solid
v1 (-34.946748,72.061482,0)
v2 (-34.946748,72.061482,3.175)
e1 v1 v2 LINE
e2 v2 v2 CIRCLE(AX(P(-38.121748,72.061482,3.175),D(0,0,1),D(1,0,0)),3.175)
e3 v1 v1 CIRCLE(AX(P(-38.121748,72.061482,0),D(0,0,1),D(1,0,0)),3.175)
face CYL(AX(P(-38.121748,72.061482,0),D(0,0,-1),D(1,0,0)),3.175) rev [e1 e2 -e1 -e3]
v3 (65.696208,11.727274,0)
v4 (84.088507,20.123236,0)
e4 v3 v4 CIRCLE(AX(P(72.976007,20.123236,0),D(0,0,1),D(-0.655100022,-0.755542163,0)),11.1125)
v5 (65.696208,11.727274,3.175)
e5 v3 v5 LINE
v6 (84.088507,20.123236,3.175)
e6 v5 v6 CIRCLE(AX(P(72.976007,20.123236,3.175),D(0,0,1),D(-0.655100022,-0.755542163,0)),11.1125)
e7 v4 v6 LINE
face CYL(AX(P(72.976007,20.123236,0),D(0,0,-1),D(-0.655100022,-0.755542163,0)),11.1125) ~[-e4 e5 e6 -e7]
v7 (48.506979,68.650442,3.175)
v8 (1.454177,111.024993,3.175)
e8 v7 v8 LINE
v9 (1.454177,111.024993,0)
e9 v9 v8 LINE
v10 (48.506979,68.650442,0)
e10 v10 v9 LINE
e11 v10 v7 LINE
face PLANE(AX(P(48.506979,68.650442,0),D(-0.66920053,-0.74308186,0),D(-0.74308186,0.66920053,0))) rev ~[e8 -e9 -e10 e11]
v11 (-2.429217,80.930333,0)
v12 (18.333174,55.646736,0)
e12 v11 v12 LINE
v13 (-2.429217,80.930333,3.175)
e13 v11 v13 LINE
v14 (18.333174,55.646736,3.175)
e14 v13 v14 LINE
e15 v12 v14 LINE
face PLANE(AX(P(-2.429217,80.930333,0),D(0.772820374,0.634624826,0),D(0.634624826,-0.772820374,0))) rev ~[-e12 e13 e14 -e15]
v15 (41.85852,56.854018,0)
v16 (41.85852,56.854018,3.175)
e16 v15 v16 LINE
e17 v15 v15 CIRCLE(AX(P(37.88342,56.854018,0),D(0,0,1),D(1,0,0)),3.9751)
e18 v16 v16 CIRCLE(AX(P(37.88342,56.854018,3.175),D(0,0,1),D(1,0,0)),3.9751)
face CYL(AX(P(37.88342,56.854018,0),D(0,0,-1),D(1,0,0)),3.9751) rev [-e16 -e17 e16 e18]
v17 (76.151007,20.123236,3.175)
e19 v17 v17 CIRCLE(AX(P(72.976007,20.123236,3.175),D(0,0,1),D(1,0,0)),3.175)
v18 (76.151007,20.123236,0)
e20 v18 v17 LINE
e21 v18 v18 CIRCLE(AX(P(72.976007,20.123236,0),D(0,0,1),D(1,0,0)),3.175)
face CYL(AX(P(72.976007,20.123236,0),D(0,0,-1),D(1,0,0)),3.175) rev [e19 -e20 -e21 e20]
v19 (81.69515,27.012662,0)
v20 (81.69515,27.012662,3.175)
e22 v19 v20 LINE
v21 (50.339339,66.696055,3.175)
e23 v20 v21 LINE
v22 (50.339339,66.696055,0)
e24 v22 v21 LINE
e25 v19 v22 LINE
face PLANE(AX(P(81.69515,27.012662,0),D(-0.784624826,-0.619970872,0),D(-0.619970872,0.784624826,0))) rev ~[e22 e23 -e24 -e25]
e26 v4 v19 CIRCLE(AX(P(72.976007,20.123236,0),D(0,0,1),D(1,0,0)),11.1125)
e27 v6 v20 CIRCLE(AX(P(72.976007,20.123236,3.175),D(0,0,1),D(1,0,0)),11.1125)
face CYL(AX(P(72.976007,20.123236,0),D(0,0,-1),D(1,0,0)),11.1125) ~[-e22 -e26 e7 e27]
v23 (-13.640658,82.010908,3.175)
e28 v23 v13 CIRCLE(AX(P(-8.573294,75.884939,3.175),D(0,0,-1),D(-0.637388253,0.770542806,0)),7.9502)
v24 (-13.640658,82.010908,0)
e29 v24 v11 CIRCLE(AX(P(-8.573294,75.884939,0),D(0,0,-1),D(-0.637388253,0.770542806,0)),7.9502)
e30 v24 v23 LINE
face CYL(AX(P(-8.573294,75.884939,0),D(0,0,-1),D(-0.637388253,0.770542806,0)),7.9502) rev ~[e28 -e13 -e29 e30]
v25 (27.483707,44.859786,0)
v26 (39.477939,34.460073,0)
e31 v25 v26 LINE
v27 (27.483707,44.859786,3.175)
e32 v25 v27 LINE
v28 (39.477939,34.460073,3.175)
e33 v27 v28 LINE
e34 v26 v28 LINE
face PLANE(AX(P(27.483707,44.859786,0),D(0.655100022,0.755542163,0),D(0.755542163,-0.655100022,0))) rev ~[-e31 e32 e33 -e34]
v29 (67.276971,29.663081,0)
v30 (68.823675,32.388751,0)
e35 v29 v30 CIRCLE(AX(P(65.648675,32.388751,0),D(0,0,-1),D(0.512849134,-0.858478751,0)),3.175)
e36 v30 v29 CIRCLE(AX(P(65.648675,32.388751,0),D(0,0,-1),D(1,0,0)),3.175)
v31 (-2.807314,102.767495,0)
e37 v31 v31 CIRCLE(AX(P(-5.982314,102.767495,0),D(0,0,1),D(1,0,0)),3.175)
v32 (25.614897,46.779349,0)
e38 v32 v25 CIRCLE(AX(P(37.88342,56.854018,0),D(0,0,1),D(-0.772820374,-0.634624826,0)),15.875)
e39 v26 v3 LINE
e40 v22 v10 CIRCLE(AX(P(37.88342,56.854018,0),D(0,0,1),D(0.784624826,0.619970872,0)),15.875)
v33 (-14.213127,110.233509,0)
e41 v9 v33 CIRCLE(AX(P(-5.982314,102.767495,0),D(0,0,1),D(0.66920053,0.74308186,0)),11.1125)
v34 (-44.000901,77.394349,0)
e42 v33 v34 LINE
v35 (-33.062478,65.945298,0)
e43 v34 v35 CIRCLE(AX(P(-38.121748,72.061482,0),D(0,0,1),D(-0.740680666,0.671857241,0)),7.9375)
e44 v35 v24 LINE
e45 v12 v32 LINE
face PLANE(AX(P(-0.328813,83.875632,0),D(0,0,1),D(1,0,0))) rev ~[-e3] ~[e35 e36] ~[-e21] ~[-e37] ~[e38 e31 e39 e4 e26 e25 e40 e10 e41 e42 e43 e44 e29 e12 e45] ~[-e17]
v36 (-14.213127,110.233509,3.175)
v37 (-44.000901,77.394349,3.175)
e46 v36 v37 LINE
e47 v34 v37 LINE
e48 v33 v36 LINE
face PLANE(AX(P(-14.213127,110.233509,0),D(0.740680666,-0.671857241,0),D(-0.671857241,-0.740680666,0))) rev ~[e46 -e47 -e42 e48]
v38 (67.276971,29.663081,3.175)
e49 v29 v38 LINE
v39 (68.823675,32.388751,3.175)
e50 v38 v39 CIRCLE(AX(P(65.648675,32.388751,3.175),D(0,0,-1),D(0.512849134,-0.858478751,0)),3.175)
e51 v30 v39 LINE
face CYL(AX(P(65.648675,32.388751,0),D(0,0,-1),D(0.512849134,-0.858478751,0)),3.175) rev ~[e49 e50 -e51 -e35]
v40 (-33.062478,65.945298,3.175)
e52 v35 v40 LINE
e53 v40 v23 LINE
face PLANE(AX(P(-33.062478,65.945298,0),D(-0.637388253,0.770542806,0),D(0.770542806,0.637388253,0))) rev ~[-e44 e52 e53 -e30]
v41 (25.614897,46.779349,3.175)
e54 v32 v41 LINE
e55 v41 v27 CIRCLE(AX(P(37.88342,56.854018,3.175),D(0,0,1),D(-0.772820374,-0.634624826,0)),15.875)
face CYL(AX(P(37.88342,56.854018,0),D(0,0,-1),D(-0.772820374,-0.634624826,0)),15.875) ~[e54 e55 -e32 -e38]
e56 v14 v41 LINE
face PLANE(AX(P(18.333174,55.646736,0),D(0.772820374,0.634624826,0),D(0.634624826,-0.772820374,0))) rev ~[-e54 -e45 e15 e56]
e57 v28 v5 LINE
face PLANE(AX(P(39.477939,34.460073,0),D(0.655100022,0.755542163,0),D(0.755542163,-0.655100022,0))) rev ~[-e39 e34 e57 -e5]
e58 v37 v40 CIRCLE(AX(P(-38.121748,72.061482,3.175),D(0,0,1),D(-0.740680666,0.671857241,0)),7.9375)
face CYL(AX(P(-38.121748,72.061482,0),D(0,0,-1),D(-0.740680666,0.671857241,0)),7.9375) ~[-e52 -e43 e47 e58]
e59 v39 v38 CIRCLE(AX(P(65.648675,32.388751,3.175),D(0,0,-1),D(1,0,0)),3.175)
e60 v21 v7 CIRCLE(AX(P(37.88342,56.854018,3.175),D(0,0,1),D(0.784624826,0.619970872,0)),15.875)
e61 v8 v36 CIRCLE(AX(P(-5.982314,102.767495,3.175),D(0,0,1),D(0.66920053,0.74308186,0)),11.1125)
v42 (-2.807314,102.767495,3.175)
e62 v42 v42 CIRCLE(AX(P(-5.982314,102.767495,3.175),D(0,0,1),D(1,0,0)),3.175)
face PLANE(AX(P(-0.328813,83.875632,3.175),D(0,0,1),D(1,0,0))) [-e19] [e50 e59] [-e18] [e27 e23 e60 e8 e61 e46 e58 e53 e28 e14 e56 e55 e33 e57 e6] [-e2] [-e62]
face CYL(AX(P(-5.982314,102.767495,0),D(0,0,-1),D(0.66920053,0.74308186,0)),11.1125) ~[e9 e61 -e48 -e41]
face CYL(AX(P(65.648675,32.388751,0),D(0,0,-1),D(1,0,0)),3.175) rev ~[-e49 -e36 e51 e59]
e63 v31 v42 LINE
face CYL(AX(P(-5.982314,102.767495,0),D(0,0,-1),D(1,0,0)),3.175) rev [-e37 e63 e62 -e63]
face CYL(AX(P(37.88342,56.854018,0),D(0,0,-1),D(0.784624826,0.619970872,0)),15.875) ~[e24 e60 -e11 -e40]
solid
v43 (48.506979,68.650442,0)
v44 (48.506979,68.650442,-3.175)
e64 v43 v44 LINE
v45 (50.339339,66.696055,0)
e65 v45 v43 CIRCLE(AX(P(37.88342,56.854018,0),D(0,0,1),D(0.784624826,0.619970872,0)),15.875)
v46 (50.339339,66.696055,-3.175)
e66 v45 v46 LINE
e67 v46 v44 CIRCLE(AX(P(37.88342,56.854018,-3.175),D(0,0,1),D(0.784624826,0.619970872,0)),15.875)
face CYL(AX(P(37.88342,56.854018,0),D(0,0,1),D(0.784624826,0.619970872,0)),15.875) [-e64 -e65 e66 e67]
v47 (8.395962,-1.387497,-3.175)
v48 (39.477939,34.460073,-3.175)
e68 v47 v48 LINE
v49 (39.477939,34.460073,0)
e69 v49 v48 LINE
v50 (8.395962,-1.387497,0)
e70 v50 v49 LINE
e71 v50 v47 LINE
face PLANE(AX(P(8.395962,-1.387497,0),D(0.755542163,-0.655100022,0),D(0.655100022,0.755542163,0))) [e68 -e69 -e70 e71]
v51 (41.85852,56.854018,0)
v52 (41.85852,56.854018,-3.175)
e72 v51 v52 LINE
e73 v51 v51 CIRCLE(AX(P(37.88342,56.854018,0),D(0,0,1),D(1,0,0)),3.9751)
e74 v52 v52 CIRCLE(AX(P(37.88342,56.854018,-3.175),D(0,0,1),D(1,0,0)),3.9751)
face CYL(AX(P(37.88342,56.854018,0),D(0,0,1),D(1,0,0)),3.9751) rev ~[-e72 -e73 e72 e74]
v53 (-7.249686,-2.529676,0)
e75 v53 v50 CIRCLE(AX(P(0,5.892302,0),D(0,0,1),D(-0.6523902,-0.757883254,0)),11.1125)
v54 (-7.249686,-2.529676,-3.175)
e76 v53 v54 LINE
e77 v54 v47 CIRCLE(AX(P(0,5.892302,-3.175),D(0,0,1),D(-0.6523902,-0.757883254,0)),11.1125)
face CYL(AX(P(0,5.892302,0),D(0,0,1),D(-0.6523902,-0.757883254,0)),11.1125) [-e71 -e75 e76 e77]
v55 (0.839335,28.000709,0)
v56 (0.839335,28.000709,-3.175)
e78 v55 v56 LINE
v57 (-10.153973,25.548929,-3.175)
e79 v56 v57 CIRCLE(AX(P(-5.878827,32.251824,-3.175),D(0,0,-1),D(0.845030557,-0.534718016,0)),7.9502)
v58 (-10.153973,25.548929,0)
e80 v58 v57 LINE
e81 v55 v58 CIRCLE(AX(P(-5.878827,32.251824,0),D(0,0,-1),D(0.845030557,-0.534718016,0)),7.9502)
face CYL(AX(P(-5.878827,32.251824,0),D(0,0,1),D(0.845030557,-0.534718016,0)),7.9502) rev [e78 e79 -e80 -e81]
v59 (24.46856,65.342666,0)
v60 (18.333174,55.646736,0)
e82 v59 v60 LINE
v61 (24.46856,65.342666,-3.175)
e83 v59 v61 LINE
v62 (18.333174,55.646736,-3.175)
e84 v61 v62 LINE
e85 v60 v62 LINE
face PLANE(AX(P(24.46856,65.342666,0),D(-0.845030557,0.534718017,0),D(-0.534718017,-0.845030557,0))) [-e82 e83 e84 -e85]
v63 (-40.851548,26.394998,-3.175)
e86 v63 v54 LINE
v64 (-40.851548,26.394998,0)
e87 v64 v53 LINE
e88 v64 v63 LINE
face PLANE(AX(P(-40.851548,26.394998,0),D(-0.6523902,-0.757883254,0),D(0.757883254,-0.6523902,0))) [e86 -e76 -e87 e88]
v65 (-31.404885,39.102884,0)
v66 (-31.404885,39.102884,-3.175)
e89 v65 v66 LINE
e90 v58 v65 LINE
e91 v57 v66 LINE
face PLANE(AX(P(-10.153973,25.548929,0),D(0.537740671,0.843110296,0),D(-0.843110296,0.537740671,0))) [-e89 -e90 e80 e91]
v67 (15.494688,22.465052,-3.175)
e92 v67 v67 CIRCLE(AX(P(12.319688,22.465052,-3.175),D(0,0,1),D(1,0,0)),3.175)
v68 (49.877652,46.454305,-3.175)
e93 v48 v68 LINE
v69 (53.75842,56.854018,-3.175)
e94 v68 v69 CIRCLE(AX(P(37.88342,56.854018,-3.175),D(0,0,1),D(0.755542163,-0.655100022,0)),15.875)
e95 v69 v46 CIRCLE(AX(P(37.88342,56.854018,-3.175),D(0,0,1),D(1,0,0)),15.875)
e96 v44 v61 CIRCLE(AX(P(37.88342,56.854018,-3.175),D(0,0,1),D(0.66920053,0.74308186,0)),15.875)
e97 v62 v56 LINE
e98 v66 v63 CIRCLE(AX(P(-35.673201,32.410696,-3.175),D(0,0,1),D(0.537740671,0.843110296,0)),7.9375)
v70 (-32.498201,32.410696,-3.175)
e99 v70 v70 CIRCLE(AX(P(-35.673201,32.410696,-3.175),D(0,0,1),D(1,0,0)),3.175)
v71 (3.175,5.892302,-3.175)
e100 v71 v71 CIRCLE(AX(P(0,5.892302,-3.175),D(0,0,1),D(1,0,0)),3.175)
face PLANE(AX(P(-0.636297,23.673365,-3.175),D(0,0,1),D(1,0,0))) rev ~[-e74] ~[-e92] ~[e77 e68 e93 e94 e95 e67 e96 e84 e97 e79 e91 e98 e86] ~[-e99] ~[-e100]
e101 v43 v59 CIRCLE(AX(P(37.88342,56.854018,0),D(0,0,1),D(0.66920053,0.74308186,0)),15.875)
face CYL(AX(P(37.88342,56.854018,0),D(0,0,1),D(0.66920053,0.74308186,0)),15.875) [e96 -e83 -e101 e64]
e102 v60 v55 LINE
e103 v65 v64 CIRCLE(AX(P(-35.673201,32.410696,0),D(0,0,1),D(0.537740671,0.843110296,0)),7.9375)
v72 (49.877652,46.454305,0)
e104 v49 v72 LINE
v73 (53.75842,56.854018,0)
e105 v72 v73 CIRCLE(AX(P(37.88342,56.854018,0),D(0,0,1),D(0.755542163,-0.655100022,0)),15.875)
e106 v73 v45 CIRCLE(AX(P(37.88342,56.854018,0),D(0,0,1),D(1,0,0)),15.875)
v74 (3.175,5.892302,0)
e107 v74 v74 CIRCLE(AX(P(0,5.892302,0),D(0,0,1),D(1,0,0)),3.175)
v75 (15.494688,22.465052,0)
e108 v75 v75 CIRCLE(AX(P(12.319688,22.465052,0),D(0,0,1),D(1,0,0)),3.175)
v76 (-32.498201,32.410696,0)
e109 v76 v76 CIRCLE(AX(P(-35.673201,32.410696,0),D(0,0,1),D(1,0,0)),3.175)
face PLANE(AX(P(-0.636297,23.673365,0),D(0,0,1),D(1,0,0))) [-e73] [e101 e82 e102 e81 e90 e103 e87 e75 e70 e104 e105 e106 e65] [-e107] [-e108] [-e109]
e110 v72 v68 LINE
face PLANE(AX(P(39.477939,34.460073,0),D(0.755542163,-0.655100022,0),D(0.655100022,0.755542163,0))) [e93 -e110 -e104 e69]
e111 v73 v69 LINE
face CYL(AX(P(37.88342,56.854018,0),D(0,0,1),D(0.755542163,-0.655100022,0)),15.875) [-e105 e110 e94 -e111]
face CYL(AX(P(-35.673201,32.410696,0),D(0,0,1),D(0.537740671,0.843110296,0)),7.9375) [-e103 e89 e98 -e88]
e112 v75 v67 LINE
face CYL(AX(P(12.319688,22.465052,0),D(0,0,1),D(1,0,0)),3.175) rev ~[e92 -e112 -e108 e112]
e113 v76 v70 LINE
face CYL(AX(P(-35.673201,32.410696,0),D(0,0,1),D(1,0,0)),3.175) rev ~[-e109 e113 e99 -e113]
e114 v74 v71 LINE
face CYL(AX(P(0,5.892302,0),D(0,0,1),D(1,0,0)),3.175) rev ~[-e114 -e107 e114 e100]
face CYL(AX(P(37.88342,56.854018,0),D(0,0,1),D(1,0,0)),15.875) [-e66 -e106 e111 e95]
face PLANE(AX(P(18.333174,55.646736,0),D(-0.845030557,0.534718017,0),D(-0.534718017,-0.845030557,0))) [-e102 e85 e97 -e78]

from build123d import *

# Parameters (mm, degrees)
F0_R     = 3.175
F0_R_2   = 3.9751
F1_DEPTH = 3.175
F2_DEPTH = 3.175


with BuildPart() as f1:
    # F0 (on Top) → F1 (new body)
    with BuildSketch(Plane.XY):
        with BuildLine():
            ThreePointArc((-44.0009005319, 77.3943486688), (-35.2635900351, 79.4665369013), (-30.1842477493, 72.0614818218))
            ThreePointArc((-30.1842477493, 72.0614818218), (-30.9397613954, 68.6816921445), (-33.0624784927, 65.9452983027))
            Line((-33.0624784927, 65.9452983027), (-13.6406578909, 82.0109084287))
            ThreePointArc((-13.6406578909, 82.0109084287), (-7.8105762475, 83.7984680624), (-2.4292172692, 80.9303333098))
            Line((-2.4292172692, 80.9303333098), (18.3331737458, 55.6467356365))
            Line((18.3331737458, 55.6467356365), (24.468560012, 65.3426664186))
            ThreePointArc((24.468560012, 65.3426664186), (35.7193529209, 72.580824264), (48.5069785293, 68.6504424286))
            Line((48.5069785293, 68.6504424286), (1.454177367, 111.0249925327))
            ThreePointArc((1.454177367, 111.0249925327), (4.1696730105, 107.2868786877), (5.1301864732, 102.7674953673))
            ThreePointArc((5.1301864732, 102.7674953673), (-2.2370578873, 92.3051478083), (-14.5702799285, 95.7152269852))
            ThreePointArc((-14.5702799285, 95.7152269852), (-17.0914525798, 103.0407823073), (-14.2131274225, 110.2335089532))
            Line((-14.2131274225, 110.2335089532), (-44.0009005319, 77.3943486688))
        make_face()
        with BuildLine():
            ThreePointArc((-33.0624784927, 65.9452983027), (-30.9397613954, 68.6816921445), (-30.1842477493, 72.0614818218))
            ThreePointArc((-30.1842477493, 72.0614818218), (-35.2635900351, 79.4665369013), (-44.0009005319, 77.3943486688))
            ThreePointArc((-44.0009005319, 77.3943486688), (-43.8609324319, 66.5782651172), (-33.0624784927, 65.9452983027))
        make_face()
        with Locations((-38.1217477493, 72.0614818218)):
            Circle(F0_R, mode=Mode.SUBTRACT)
        with BuildLine():
            ThreePointArc((1.454177367, 111.0249925327), (-6.5429817192, 113.8658424257), (-14.2131274225, 110.2335089532))
            ThreePointArc((-14.2131274225, 110.2335089532), (-17.0914525798, 103.0407823073), (-14.5702799285, 95.7152269852))
            ThreePointArc((-14.5702799285, 95.7152269852), (-2.2370578873, 92.3051478083), (5.1301864732, 102.7674953673))
            ThreePointArc((5.1301864732, 102.7674953673), (4.1696730105, 107.2868786877), (1.454177367, 111.0249925327))
        make_face()
        with Locations((-5.9823135268, 102.7674953673)):
            Circle(F0_R, mode=Mode.SUBTRACT)
        with BuildLine():
            ThreePointArc((50.3393392297, 66.6960554941), (49.4644596981, 67.711971077), (48.5069785293, 68.6504424286))
            ThreePointArc((48.5069785293, 68.6504424286), (35.7193529209, 72.580824264), (24.468560012, 65.3426664186))
            ThreePointArc((24.468560012, 65.3426664186), (22.0386027323, 55.8755562168), (25.6148966786, 46.7793487893))
            ThreePointArc((25.6148966786, 46.7793487893), (26.5087370655, 45.7800750385), (27.4837072538, 44.8597860631))
            ThreePointArc((27.4837072538, 44.8597860631), (39.0109152986, 41.0191077522), (49.8776519532, 46.4543050507))
            ThreePointArc((49.8776519532, 46.4543050507), (52.7566184126, 51.3039190568), (53.7584201097, 56.8540179066))
            ThreePointArc((53.7584201097, 56.8540179066), (52.8793085634, 62.0635240717), (50.3393392297, 66.6960554941))
        make_face()
        with Locations((37.8834201097, 56.8540179066)):
            Circle(F0_R_2, mode=Mode.SUBTRACT)
        with BuildLine():
            Line((81.6951504029, 27.0126622493), (50.3393392297, 66.6960554941))
            ThreePointArc((50.3393392297, 66.6960554941), (52.8793085634, 62.0635240717), (53.7584201097, 56.8540179066))
            ThreePointArc((53.7584201097, 56.8540179066), (52.7566184126, 51.3039190568), (49.8776519532, 46.4543050507))
            Line((49.8776519532, 46.4543050507), (39.4779390973, 34.4600732072))
            Line((39.4779390973, 34.4600732072), (65.6962080197, 11.7272736476))
            ThreePointArc((65.6962080197, 11.7272736476), (61.9064163854, 21.0988482886), (67.2769706315, 29.663080827))
            ThreePointArc((67.2769706315, 29.663080827), (74.9850966702, 31.0526098918), (81.6951504029, 27.0126622493))
        make_face()
        with BuildLine():
            ThreePointArc((68.8236746297, 32.3887508603), (68.4100569652, 30.821781621), (67.2769706315, 29.663080827))
            ThreePointArc((67.2769706315, 29.663080827), (62.8872922942, 33.9557200997), (68.8236746297, 32.3887508603))
        make_face(mode=Mode.SUBTRACT)
        with BuildLine():
            ThreePointArc((84.0885070188, 20.123235938), (83.4731289364, 23.7698902536), (81.6951504029, 27.0126622493))
            ThreePointArc((81.6951504029, 27.0126622493), (74.9850966702, 31.0526098918), (67.2769706315, 29.663080827))
            ThreePointArc((67.2769706315, 29.663080827), (61.9064163854, 21.0988482886), (65.6962080197, 11.7272736476))
            ThreePointArc((65.6962080197, 11.7272736476), (77.5907058103, 10.0142196004), (84.0885070188, 20.123235938))
        make_face()
        with Locations((72.9760070188, 20.123235938)):
            Circle(F0_R, mode=Mode.SUBTRACT)
        with BuildLine():
            ThreePointArc((49.8776519532, 46.4543050507), (39.0109152986, 41.0191077522), (27.4837072538, 44.8597860631))
            Line((27.4837072538, 44.8597860631), (39.4779390973, 34.4600732072))
            Line((39.4779390973, 34.4600732072), (49.8776519532, 46.4543050507))
        make_face()
        with BuildLine():
            Line((24.468560012, 65.3426664186), (18.3331737458, 55.6467356365))
            Line((18.3331737458, 55.6467356365), (25.6148966786, 46.7793487893))
            ThreePointArc((25.6148966786, 46.7793487893), (22.0386027323, 55.8755562168), (24.468560012, 65.3426664186))
        make_face()
    extrude(amount=F1_DEPTH)


with BuildPart() as f2:
    # F0 (on Top) → F2 (new body)
    with BuildSketch(Plane.XY):
        with BuildLine():
            Line((25.6148966786, 46.7793487893), (18.3331737458, 55.6467356365))
            Line((18.3331737458, 55.6467356365), (0.8393347377, 28.0007090011))
            ThreePointArc((0.8393347377, 28.0007090011), (-4.148252577, 24.4922628792), (-10.1539730794, 25.5489287014))
            Line((-10.1539730794, 25.5489287014), (-31.4048845104, 39.1028841227))
            ThreePointArc((-31.4048845104, 39.1028841227), (-28.713184236, 36.2267244144), (-27.7357010841, 32.4106961489))
            ThreePointArc((-27.7357010841, 32.4106961489), (-32.3640640938, 25.195883703), (-40.8515482978, 26.3949978199))
            Line((-40.8515482978, 26.3949978199), (-7.2496860991, -2.5296755885))
            ThreePointArc((-7.2496860991, -2.5296755885), (-10.9911093454, 4.2542631204), (-9.3904020683, 11.8343560305))
            ThreePointArc((-9.3904020683, 11.8343560305), (3.0932841177, 16.5655981711), (11.1125, 5.8923020721))
            ThreePointArc((11.1125, 5.8923020721), (10.411238812, 2.0072328773), (8.3959622905, -1.387496927))
            Line((8.3959622905, -1.387496927), (39.4779390973, 34.4600732072))
            Line((39.4779390973, 34.4600732072), (27.4837072538, 44.8597860631))
            ThreePointArc((27.4837072538, 44.8597860631), (26.5087370655, 45.7800750385), (25.6148966786, 46.7793487893))
        make_face()
        with Locations((12.3196882197, 22.4650520615)):
            Circle(F0_R, mode=Mode.SUBTRACT)
        with BuildLine():
            ThreePointArc((50.3393392297, 66.6960554941), (49.4644596981, 67.711971077), (48.5069785293, 68.6504424286))
            ThreePointArc((48.5069785293, 68.6504424286), (35.7193529209, 72.580824264), (24.468560012, 65.3426664186))
            ThreePointArc((24.468560012, 65.3426664186), (22.0386027323, 55.8755562168), (25.6148966786, 46.7793487893))
            ThreePointArc((25.6148966786, 46.7793487893), (26.5087370655, 45.7800750385), (27.4837072538, 44.8597860631))
            ThreePointArc((27.4837072538, 44.8597860631), (39.0109152986, 41.0191077522), (49.8776519532, 46.4543050507))
            ThreePointArc((49.8776519532, 46.4543050507), (52.7566184126, 51.3039190568), (53.7584201097, 56.8540179066))
            ThreePointArc((53.7584201097, 56.8540179066), (52.8793085634, 62.0635240717), (50.3393392297, 66.6960554941))
        make_face()
        with Locations((37.8834201097, 56.8540179066)):
            Circle(F0_R_2, mode=Mode.SUBTRACT)
        with BuildLine():
            Line((24.468560012, 65.3426664186), (18.3331737458, 55.6467356365))
            Line((18.3331737458, 55.6467356365), (25.6148966786, 46.7793487893))
            ThreePointArc((25.6148966786, 46.7793487893), (22.0386027323, 55.8755562168), (24.468560012, 65.3426664186))
        make_face()
        with BuildLine():
            ThreePointArc((49.8776519532, 46.4543050507), (39.0109152986, 41.0191077522), (27.4837072538, 44.8597860631))
            Line((27.4837072538, 44.8597860631), (39.4779390973, 34.4600732072))
            Line((39.4779390973, 34.4600732072), (49.8776519532, 46.4543050507))
        make_face()
        with BuildLine():
            ThreePointArc((-7.2496860991, -2.5296755885), (0.8090922694, -5.1907041063), (8.3959622905, -1.387496927))
            ThreePointArc((8.3959622905, -1.387496927), (10.411238812, 2.0072328773), (11.1125, 5.8923020721))
            ThreePointArc((11.1125, 5.8923020721), (3.0932841177, 16.5655981711), (-9.3904020683, 11.8343560305))
            ThreePointArc((-9.3904020683, 11.8343560305), (-10.9911093454, 4.2542631204), (-7.2496860991, -2.5296755885))
        make_face()
        with Locations((0, 5.8923020721)):
            Circle(F0_R, mode=Mode.SUBTRACT)
        with BuildLine():
            ThreePointArc((-27.7357010841, 32.4106961489), (-28.713184236, 36.2267244144), (-31.4048845104, 39.1028841227))
            ThreePointArc((-31.4048845104, 39.1028841227), (-42.0434155634, 37.1461236626), (-40.8515482978, 26.3949978199))
            ThreePointArc((-40.8515482978, 26.3949978199), (-32.3640640938, 25.195883703), (-27.7357010841, 32.4106961489))
        make_face()
        with Locations((-35.6732010841, 32.4106961489)):
            Circle(F0_R, mode=Mode.SUBTRACT)
    extrude(amount=-F2_DEPTH)


solid = Compound([f1.part, f2.part])
